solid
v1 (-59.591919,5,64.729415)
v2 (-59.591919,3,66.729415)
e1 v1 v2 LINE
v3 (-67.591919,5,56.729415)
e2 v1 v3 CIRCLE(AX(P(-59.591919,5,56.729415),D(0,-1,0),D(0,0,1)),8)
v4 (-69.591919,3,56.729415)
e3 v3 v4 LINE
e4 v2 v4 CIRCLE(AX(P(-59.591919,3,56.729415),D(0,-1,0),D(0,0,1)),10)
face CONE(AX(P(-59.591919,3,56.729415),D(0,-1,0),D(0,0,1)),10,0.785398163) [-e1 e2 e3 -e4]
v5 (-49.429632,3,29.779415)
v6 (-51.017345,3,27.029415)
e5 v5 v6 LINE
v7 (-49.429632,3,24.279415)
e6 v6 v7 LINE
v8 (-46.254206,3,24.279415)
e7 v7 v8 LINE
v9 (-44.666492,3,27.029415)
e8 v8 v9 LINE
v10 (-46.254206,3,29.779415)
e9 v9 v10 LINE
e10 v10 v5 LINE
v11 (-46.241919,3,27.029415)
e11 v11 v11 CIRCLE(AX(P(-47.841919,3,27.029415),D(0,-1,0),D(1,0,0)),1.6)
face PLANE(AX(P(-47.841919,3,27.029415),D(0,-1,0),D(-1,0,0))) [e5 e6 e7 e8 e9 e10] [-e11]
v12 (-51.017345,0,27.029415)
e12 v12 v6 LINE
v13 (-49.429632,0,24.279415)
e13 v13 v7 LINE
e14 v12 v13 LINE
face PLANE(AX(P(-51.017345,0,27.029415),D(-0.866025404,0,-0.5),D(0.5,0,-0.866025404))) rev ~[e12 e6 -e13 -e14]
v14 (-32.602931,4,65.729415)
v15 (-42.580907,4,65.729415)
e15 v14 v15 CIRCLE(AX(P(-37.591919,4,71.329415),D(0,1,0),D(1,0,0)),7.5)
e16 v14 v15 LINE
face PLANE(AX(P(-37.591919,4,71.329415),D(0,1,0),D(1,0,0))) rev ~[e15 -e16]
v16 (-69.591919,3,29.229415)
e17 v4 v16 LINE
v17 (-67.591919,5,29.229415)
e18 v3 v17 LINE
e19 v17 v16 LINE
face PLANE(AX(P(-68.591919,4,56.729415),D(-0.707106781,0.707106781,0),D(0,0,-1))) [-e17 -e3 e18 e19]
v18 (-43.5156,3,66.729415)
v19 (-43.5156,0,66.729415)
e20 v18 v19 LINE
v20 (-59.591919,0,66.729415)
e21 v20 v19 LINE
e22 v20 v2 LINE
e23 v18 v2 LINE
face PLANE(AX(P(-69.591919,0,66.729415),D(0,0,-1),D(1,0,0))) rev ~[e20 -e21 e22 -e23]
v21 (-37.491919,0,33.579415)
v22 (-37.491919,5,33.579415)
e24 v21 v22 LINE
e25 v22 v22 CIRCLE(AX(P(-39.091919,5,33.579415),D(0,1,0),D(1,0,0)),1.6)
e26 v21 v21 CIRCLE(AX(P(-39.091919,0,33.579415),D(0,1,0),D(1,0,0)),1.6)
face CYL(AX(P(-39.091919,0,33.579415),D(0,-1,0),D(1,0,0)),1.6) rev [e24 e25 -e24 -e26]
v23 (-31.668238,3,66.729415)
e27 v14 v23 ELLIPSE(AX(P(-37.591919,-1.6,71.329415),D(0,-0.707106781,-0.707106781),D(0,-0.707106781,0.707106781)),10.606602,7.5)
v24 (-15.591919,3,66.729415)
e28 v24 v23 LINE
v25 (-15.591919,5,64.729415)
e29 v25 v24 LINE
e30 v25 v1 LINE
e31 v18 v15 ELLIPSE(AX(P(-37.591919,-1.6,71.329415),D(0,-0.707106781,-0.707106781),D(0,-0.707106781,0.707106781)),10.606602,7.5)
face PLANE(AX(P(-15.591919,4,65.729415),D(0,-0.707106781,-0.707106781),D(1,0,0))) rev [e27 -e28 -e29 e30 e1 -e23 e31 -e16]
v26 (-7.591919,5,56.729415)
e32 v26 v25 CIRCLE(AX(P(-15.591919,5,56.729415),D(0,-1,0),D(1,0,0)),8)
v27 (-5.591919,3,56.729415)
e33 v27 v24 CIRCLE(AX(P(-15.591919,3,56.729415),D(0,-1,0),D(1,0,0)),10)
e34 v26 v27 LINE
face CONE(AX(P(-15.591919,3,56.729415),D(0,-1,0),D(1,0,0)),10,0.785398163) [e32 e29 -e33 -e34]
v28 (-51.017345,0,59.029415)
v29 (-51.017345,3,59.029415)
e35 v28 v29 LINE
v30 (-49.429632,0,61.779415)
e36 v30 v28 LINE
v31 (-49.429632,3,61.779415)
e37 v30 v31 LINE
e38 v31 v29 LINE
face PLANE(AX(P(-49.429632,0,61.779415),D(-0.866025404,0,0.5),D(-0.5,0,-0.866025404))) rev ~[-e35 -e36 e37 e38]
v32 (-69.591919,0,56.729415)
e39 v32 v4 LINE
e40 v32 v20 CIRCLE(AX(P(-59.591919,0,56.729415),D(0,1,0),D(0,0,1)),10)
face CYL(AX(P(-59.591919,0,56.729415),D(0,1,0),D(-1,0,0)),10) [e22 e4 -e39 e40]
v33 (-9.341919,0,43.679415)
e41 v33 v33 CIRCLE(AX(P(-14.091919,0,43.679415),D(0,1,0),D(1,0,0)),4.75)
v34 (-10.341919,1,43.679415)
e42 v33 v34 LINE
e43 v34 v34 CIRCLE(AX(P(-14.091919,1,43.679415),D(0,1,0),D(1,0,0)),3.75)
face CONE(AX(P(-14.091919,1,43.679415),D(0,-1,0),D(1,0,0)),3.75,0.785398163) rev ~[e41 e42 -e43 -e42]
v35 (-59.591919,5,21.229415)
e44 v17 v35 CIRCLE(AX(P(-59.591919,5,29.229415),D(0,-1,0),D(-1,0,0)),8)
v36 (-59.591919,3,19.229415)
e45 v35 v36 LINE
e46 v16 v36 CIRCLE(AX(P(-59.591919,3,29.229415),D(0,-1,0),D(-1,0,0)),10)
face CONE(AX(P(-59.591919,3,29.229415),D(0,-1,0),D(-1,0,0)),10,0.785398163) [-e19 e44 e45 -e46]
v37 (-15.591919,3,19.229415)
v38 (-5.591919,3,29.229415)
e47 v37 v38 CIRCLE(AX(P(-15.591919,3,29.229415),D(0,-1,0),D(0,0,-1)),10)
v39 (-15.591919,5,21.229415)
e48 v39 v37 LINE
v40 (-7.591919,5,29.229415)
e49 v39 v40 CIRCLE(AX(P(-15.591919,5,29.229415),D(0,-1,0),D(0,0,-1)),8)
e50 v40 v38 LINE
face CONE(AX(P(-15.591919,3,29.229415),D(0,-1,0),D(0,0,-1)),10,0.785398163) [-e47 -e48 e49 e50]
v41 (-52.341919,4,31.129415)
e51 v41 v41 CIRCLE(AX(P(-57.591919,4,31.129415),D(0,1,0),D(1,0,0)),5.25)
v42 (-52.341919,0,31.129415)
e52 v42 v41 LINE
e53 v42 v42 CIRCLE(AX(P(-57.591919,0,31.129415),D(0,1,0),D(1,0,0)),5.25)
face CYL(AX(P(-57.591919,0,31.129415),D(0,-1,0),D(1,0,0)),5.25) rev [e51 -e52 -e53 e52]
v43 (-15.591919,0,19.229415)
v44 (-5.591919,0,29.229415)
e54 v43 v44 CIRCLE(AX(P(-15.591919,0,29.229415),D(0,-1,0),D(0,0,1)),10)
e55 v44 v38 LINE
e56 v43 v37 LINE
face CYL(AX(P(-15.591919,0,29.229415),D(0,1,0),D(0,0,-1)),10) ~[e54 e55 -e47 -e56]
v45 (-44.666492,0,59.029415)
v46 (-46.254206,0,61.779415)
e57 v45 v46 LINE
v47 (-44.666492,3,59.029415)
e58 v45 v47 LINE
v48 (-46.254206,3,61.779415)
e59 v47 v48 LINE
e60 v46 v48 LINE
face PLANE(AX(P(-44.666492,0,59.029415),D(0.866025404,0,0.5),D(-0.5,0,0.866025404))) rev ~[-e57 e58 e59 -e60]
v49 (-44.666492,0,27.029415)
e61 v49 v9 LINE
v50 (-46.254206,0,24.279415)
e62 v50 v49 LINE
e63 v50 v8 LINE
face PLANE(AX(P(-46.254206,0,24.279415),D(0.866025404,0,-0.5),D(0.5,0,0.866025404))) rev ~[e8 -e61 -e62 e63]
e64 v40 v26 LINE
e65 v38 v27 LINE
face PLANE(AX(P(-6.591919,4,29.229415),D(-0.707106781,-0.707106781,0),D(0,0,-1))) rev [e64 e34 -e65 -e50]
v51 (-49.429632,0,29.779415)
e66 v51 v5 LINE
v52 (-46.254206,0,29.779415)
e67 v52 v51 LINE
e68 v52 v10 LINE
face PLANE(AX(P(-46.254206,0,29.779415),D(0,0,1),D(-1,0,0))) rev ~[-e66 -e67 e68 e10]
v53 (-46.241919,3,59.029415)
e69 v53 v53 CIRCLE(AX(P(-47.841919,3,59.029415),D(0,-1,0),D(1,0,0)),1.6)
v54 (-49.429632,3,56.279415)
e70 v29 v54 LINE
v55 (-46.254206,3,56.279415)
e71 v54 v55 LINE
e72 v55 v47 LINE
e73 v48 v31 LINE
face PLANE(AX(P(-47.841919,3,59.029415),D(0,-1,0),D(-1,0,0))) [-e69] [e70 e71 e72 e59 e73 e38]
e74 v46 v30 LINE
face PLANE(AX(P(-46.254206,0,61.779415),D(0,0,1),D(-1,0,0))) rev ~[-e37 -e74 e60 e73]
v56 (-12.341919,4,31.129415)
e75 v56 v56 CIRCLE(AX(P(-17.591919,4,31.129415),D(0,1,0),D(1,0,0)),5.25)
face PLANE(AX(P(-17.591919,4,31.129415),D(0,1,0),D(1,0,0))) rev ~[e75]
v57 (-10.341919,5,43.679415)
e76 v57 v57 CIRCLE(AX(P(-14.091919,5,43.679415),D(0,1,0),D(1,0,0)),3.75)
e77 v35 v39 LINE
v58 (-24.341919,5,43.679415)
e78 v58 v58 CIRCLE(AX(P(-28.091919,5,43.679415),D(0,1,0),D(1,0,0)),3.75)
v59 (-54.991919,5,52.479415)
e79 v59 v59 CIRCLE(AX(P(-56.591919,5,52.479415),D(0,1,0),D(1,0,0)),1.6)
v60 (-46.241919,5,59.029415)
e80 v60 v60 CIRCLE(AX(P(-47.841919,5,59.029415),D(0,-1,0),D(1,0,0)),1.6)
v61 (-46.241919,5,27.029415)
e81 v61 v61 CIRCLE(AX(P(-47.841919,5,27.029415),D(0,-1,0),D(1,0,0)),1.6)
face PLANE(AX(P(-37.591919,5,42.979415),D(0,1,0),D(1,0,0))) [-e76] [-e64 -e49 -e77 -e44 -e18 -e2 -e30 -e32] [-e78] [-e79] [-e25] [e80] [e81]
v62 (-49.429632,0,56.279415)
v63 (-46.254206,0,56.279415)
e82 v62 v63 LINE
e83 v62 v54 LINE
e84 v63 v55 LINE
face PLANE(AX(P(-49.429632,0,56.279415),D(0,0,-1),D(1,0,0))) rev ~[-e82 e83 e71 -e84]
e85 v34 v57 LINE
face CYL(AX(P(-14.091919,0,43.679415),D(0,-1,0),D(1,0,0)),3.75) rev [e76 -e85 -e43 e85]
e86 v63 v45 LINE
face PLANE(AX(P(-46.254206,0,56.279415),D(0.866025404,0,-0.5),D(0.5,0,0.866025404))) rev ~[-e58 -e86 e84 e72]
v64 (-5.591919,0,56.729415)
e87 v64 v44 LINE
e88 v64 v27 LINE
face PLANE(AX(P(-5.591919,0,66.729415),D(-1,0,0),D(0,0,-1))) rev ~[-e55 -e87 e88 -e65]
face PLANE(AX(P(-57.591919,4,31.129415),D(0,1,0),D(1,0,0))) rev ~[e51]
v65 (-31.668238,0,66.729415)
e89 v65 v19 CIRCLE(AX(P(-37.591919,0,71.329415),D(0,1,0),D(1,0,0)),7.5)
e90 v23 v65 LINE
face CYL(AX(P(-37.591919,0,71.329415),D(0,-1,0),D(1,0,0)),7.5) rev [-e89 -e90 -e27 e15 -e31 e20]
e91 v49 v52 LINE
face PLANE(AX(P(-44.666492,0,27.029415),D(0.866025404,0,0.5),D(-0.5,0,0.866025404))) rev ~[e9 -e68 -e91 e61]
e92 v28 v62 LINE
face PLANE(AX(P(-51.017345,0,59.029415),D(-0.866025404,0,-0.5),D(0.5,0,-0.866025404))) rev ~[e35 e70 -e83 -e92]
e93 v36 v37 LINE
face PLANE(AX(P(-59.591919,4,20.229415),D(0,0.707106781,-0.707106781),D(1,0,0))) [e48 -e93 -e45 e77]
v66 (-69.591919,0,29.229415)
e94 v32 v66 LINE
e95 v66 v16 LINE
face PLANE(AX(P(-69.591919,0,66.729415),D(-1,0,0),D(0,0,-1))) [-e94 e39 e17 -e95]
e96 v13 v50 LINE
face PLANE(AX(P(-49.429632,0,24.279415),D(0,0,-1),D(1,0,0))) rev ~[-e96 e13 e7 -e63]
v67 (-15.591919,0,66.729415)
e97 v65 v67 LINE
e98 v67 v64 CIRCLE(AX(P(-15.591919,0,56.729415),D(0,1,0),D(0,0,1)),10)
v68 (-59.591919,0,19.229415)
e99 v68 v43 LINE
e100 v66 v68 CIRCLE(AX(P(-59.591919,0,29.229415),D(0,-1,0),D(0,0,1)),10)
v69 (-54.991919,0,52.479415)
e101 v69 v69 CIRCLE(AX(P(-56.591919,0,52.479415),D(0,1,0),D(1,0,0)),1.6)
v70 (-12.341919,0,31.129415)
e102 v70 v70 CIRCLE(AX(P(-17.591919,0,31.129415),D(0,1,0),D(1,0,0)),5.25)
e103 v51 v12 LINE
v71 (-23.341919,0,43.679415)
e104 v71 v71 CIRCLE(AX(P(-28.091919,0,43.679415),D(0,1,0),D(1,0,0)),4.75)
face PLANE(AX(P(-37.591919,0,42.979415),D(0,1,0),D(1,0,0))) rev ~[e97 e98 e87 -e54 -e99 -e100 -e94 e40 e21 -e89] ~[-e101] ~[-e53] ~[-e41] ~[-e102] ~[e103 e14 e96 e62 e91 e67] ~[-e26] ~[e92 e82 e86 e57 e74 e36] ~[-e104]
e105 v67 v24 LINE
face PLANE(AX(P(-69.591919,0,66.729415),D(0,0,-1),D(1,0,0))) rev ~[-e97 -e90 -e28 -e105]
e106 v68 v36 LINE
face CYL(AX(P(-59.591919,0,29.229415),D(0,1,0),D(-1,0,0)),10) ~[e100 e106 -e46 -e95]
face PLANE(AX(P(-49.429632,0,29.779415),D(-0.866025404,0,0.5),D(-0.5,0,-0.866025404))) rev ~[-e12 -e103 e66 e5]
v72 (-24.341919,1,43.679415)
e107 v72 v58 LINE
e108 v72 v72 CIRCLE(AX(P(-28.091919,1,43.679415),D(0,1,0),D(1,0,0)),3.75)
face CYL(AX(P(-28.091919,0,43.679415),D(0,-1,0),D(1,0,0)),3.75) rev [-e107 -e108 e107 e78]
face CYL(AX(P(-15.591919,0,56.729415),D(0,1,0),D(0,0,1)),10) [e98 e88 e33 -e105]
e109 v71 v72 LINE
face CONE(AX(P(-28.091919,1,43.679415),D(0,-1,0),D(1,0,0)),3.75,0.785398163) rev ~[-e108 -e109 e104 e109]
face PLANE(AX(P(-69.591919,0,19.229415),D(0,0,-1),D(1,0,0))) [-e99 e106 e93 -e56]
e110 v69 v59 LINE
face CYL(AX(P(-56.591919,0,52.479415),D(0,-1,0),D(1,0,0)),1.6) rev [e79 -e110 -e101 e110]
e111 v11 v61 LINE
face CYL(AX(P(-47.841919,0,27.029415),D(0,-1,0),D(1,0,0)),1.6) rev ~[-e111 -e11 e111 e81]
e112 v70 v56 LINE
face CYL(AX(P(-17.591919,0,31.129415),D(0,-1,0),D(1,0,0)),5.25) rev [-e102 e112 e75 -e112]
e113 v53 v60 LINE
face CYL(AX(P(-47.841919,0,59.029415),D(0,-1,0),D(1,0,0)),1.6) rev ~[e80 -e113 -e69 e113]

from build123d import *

# Parameters (mm, degrees)
SKETCH1_W           = 64
SKETCH1_H           = 47.5
SKETCH1_R           = 1.6
SKETCH1_R_2         = 3.75
BOSS_EXTRUDE1_DEPTH = 5
SKETCH2_R           = 1.6
CUT_EXTRUDE1_DEPTH  = 6
CUT_EXTRUDE2_DEPTH  = 3
FILLET1_R           = 10
FILLET2_R           = 10
CHAMFER1_SIZE       = 2
CHAMFER2_SIZE       = 1
SKETCH4_R           = 5.25
SKETCH4_R_2         = 7.5
CUT_EXTRUDE3_DEPTH  = 4


with BuildPart() as part:
    # Sketch1 → Boss-Extrude1 (new body)
    with BuildSketch(Plane(origin=(0, 0, 0), x_dir=(1, 0, 0), z_dir=(0, 1, 0))):
        with Locations((-37.591918828, -42.97941453)):
            Rectangle(SKETCH1_W, SKETCH1_H)
        with Locations((-39.091918828, -33.57941453)):
            Circle(SKETCH1_R, mode=Mode.SUBTRACT)
        with Locations((-56.591918828, -52.47941453)):
            Circle(SKETCH1_R, mode=Mode.SUBTRACT)
        with Locations((-28.091918828, -43.67941453)):
            Circle(SKETCH1_R_2, mode=Mode.SUBTRACT)
        with Locations((-14.091918828, -43.67941453)):
            Circle(SKETCH1_R_2, mode=Mode.SUBTRACT)
    extrude(amount=BOSS_EXTRUDE1_DEPTH)

    # Sketch2 → Cut-Extrude1 (cut, through all)
    with BuildSketch(Plane.XZ):
        with Locations((-47.841918828, 59.02941453)):
            Circle(SKETCH2_R)
        with Locations((-47.841918828, 27.02941453)):
            Circle(SKETCH2_R)
    extrude(amount=-CUT_EXTRUDE1_DEPTH, mode=Mode.SUBTRACT)

    # Sketch3 → Cut-Extrude2 (cut)
    with BuildSketch(Plane(origin=(0, 0, 0), x_dir=(-1, 0, 0), z_dir=(0, -1, 0))):
        Polygon((49.429632069, -56.27941453), (46.254205588, -56.27941453), (44.666492348, -59.02941453), (46.254205588, -61.77941453), (49.429632069, -61.77941453), (51.017345309, -59.02941453), align=None)
        Polygon((46.254205588, -29.77941453), (49.429632069, -29.77941453), (51.017345309, -27.02941453), (49.429632069, -24.27941453), (46.254205588, -24.27941453), (44.666492348, -27.02941453), align=None)
    extrude(amount=-CUT_EXTRUDE2_DEPTH, mode=Mode.SUBTRACT)

    # Fillet1
    fillet1_edges = [part.edges().sort_by_distance(p)[0] for p in [
        (-69.591918828, 2.5, 19.22941453),
        (-5.591918828, 2.5, 19.22941453),
    ]]
    fillet(fillet1_edges, radius=FILLET1_R)

    # Fillet2
    fillet2_edges = [part.edges().sort_by_distance(p)[0] for p in [
        (-5.591918828, 2.5, 66.72941453),
        (-69.591918828, 2.5, 66.72941453),
    ]]
    fillet(fillet2_edges, radius=FILLET2_R)

    # Chamfer1
    chamfer1_edges = [part.edges().sort_by_distance(p)[0] for p in [
        (-37.591918828, 5, 19.22941453),
        (-69.591918828, 5, 42.97941453),
        (-66.66298664, 5, 22.158346718),
        (-8.520851016, 5, 22.158346718),
        (-5.591918828, 5, 42.97941453),
        (-37.591918828, 5, 66.72941453),
        (-66.66298664, 5, 63.800482342),
        (-8.520851016, 5, 63.800482342),
    ]]
    chamfer(chamfer1_edges, length=CHAMFER1_SIZE)

    # Chamfer2
    chamfer2_edges = [part.edges().sort_by_distance(p)[0] for p in [
        (-17.841918828, 0, 43.67941453),
        (-31.841918828, 0, 43.67941453),
    ]]
    chamfer(chamfer2_edges, length=CHAMFER2_SIZE)

    # Sketch4 → Cut-Extrude3 (cut)
    with BuildSketch(Plane(origin=(0, 0, 0), x_dir=(1, 0, 0), z_dir=(0, 1, 0))):
        with Locations((-57.591918828, -31.12941453)):
            Circle(SKETCH4_R)
        with Locations((-17.591918828, -31.12941453)):
            Circle(SKETCH4_R)
        with Locations((-37.591918828, -71.32941453)):
            Circle(SKETCH4_R_2)
    extrude(amount=CUT_EXTRUDE3_DEPTH, mode=Mode.SUBTRACT)


solid = part.part
